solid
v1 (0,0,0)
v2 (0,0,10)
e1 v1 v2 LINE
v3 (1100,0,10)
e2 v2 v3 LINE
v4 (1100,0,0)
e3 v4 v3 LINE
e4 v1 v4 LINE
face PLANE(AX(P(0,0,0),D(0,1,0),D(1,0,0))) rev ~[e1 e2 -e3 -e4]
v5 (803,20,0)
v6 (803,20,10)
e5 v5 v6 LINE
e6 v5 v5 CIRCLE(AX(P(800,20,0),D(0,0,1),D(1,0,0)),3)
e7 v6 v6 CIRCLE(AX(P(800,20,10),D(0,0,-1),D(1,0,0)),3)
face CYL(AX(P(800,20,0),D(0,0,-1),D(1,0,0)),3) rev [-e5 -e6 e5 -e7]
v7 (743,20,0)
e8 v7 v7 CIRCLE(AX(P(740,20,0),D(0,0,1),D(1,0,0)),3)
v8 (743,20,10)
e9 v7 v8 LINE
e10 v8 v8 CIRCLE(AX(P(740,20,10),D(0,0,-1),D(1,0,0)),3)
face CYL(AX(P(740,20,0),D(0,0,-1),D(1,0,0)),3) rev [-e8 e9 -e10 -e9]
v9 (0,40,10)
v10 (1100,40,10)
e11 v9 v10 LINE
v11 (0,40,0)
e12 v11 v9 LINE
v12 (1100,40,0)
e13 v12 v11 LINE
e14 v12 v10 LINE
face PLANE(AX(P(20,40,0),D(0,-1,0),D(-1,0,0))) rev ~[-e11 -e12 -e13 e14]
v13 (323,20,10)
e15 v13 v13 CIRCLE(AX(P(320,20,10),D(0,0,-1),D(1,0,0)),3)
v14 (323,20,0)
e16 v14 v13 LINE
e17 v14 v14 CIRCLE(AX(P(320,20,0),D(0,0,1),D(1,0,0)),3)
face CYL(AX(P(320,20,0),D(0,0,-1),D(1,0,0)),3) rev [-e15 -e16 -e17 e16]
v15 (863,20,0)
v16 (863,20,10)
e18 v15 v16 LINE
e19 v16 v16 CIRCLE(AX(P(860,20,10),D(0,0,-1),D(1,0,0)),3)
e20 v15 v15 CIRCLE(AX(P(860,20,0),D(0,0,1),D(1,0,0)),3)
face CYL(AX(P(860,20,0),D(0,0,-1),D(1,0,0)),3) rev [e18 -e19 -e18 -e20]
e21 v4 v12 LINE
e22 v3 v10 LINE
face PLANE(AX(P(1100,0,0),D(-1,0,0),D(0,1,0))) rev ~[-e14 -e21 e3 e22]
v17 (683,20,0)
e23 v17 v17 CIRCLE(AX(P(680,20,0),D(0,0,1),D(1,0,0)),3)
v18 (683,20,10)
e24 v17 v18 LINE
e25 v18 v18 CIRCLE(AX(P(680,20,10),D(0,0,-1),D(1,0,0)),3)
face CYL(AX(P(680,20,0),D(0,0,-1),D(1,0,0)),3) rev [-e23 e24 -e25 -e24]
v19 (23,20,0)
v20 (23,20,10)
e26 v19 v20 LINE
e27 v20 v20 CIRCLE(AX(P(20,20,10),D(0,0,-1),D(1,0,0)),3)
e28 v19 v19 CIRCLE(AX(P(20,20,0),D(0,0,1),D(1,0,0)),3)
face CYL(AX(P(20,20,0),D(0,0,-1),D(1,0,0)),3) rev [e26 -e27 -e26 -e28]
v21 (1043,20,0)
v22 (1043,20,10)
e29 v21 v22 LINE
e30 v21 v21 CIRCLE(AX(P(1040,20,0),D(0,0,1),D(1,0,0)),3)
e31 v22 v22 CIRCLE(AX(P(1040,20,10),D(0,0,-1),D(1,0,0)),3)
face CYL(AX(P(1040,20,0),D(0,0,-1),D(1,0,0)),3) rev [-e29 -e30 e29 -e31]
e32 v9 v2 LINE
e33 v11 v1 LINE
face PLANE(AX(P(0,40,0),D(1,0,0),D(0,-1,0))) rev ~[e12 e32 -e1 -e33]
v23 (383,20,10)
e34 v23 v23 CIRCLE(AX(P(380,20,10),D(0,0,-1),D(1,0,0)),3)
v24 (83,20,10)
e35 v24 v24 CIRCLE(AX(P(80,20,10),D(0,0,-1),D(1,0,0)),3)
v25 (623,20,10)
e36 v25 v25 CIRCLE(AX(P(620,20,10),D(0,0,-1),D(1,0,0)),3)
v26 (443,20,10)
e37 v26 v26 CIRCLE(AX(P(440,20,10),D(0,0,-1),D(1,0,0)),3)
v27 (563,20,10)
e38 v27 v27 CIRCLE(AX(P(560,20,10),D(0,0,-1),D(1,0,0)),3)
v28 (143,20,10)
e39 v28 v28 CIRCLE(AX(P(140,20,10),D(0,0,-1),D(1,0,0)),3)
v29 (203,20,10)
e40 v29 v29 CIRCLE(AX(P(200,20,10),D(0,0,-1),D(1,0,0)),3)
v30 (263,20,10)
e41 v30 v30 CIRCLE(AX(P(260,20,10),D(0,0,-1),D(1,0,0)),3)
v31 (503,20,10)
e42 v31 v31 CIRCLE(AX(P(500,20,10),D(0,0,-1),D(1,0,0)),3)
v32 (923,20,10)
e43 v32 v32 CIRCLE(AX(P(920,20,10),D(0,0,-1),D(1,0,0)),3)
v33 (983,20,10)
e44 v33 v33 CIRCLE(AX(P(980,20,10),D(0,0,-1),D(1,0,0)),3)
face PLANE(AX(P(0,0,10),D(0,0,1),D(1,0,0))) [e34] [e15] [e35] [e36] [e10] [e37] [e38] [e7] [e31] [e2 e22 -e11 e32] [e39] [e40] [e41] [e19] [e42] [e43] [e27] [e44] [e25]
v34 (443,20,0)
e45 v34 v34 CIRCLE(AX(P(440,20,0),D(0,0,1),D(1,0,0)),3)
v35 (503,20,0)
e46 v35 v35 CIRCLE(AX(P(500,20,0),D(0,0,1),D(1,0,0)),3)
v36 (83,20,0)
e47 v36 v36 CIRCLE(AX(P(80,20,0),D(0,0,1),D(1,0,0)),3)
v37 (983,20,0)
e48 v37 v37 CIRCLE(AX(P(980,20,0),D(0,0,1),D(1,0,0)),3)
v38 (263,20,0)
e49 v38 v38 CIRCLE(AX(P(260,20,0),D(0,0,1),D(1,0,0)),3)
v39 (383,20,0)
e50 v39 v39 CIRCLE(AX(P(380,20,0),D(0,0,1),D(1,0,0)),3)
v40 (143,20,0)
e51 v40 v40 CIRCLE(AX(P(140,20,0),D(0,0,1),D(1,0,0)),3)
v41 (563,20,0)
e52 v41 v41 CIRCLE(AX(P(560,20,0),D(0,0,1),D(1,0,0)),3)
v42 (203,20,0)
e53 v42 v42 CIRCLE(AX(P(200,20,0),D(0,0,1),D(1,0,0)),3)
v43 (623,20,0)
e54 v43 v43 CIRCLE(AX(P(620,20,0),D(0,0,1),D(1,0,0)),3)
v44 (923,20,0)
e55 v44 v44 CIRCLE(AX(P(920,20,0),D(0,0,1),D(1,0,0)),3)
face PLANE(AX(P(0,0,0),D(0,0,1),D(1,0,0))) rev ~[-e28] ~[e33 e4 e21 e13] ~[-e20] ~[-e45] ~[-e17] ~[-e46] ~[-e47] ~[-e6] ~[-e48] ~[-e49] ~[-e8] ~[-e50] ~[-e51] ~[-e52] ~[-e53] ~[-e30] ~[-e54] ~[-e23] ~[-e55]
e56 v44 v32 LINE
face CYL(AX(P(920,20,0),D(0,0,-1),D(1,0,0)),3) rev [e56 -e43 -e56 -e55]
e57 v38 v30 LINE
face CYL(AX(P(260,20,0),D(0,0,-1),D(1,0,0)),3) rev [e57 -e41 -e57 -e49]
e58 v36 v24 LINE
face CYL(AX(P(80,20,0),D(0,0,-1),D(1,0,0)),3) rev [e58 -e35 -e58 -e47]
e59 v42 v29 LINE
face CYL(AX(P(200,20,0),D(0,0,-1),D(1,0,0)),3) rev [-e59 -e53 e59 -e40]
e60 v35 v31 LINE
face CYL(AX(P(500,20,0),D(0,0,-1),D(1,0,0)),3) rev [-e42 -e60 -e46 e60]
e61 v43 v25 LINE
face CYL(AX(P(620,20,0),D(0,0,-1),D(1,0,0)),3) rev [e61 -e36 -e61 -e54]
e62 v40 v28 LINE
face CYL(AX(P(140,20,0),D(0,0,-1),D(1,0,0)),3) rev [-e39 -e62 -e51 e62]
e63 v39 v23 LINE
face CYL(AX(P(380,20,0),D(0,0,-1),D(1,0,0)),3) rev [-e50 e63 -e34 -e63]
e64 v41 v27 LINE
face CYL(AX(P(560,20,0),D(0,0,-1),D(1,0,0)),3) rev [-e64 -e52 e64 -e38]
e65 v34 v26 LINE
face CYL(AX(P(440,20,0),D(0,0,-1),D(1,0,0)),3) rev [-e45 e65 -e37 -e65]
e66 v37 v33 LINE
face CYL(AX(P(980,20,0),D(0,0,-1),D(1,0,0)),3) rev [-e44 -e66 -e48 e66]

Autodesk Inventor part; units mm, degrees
ref_plane "YZ Plane" through (0, 0, 0) normal (1, 0, 0) x (0, 1, 0)
ref_plane "XZ Plane" through (0, 0, 0) normal (0, 1, 0) x (-1, 0, 0)
ref_plane "XY Plane" through (0, 0, 0) normal (0, 0, 1) x (1, 0, 0)
sketch "Sketch1" plane through (0, 0, 0) normal (0, 0, 1) x (1, 0, 0)
  line L0 (0, 0) -> (1100, 0)
  line L1 (1100, 0) -> (1100, 40)
  line L2 (1100, 40) -> (0, 40)
  line L3 (0, 40) -> (0, 0)
  line L4 (1100, 40) -> (1040, 40)
  line L5 (1040, 40) -> (980, 40)
  line L6 (980, 40) -> (920, 40)
  line L7 (920, 40) -> (860, 40)
  line L8 (860, 40) -> (800, 40)
  line L9 (800, 40) -> (740, 40)
  line L10 (740, 40) -> (680, 40)
  line L11 (680, 40) -> (620, 40)
  line L12 (620, 40) -> (560, 40)
  line L13 (560, 40) -> (500, 40)
  line L14 (500, 40) -> (440, 40)
  line L15 (440, 40) -> (380, 40)
  line L16 (380, 40) -> (320, 40)
  line L17 (320, 40) -> (260, 40)
  line L18 (260, 40) -> (200, 40)
  line L19 (200, 40) -> (140, 40)
  line L20 (140, 40) -> (80, 40)
  line L21 (80, 40) -> (20, 40)
  circle A0 centre (1040, 20) radius 3
  circle A1 centre (980, 20) radius 3
  circle A2 centre (920, 20) radius 3
  circle A3 centre (860, 23) radius 3
  circle A4 centre (800, 20) radius 3
  circle A5 centre (740, 20) radius 3
  circle A6 centre (680, 20) radius 3
  circle A7 centre (560, 20) radius 3
  circle A8 centre (500, 20) radius 3
  circle A9 centre (440, 20) radius 3
  circle A10 centre (380, 20) radius 3
  circle A11 centre (320, 20) radius 3
  circle A12 centre (260, 20) radius 3
  circle A13 centre (200, 20) radius 3
  circle A14 centre (140, 20) radius 3
  circle A15 centre (80, 20) radius 3
  circle A16 centre (20, 20) radius 3
  dimension "d0" = 1100
  dimension "d1" = 40
  dimension "d22" = 6
  dimension "d23" = 6
  dimension "d24" = 6
  dimension "d25" = 6
  dimension "d26" = 6
  dimension "d27" = 6
  dimension "d28" = 6
  dimension "d30" = 6
  dimension "d31" = 6
  dimension "d32" = 6
  dimension "d33" = 6
  dimension "d34" = 6
  dimension "d35" = 6
  dimension "d36" = 6
  dimension "d38" = 6
  dimension "d39" = 6
  dimension "d40" = 6
extrude "Extrusion1" add sketch "Sketch1" along normal blind 10 contours L3 L2 L1 L0 | A0 | A1 | A2 | A3 | A4 | A5 | A6 | A7 | A8 | A9 | A10 | A11 | A12 | A13 | A14 | A15 | A16
sketch "Sketch2" plane through (0, 0, 0) normal (0, 0, 1) x (1, 0, 0)
  line L0 (1100, 40) -> (0, 40) projected
  line L1 (0, 40) -> (0, 20)
  line L2 (0, 40) -> (0, 0) projected
  line L3 (1100, 20) -> (1040, 20)
  line L4 (1040, 20) -> (980, 20)
  line L5 (980, 20) -> (920, 20)
  line L6 (920, 20) -> (860, 20)
  line L7 (860, 20) -> (800, 20)
  line L8 (800, 20) -> (740, 20)
  line L9 (740, 20) -> (680, 20)
  line L10 (680, 20) -> (620, 20)
  line L11 (620, 20) -> (560, 20)
  line L12 (560, 20) -> (500, 20)
  line L13 (500, 20) -> (440, 20)
  line L14 (440, 20) -> (380, 20)
  line L15 (380, 20) -> (320, 20)
  line L16 (320, 20) -> (260, 20)
  line L17 (260, 20) -> (200, 20)
  line L18 (200, 20) -> (140, 20)
  line L19 (140, 20) -> (80, 20)
  line L20 (80, 20) -> (20, 20)
  circle A0 centre (740, 20) radius 3
  circle A1 centre (800, 20) radius 3
  circle A2 centre (860, 20) radius 3
  circle A3 centre (680, 20) radius 3
  circle A4 centre (1040, 20) radius 3
  circle A5 centre (980, 20) radius 3
  circle A6 centre (920, 20) radius 3
  circle A7 centre (620, 20) radius 3
  circle A8 centre (560, 20) radius 3
  circle A9 centre (500, 20) radius 3
  circle A10 centre (440, 20) radius 3
  circle A11 centre (380, 20) radius 3
  circle A12 centre (320, 20) radius 3
  circle A13 centre (260, 20) radius 3
  circle A14 centre (200, 20) radius 3
  circle A15 centre (140, 20) radius 3
  circle A16 centre (80, 20) radius 3
  circle A17 centre (20, 20) radius 3
  dimension "d41" = 60
  dimension "d42" = 60
  dimension "d43" = 60
  dimension "d44" = 60
  dimension "d45" = 60
  dimension "d46" = 60
  dimension "d47" = 60
  dimension "d48" = 60
  dimension "d49" = 60
  dimension "d50" = 60
  dimension "d51" = 60
  dimension "d52" = 60
  dimension "d53" = 60
  dimension "d54" = 60
  dimension "d55" = 60
  dimension "d56" = 60
  dimension "d57" = 60
  dimension "d58" = 60
  dimension "d59" = 6
  dimension "d60" = 6
  dimension "d61" = 6
  dimension "d62" = 6
  dimension "d63" = 6
  dimension "d64" = 6
  dimension "d65" = 6
  dimension "d66" = 6
  dimension "d67" = 6
  dimension "d68" = 6
  dimension "d69" = 6
  dimension "d70" = 6
  dimension "d71" = 6
  dimension "d72" = 6
  dimension "d73" = 6
  dimension "d74" = 6
  dimension "d75" = 6
  dimension "d76" = 6
extrude "Extrusion2" cut sketch "Sketch2" along normal mid plane 100
properties part number "RailBar" material "Stainless Steel"
